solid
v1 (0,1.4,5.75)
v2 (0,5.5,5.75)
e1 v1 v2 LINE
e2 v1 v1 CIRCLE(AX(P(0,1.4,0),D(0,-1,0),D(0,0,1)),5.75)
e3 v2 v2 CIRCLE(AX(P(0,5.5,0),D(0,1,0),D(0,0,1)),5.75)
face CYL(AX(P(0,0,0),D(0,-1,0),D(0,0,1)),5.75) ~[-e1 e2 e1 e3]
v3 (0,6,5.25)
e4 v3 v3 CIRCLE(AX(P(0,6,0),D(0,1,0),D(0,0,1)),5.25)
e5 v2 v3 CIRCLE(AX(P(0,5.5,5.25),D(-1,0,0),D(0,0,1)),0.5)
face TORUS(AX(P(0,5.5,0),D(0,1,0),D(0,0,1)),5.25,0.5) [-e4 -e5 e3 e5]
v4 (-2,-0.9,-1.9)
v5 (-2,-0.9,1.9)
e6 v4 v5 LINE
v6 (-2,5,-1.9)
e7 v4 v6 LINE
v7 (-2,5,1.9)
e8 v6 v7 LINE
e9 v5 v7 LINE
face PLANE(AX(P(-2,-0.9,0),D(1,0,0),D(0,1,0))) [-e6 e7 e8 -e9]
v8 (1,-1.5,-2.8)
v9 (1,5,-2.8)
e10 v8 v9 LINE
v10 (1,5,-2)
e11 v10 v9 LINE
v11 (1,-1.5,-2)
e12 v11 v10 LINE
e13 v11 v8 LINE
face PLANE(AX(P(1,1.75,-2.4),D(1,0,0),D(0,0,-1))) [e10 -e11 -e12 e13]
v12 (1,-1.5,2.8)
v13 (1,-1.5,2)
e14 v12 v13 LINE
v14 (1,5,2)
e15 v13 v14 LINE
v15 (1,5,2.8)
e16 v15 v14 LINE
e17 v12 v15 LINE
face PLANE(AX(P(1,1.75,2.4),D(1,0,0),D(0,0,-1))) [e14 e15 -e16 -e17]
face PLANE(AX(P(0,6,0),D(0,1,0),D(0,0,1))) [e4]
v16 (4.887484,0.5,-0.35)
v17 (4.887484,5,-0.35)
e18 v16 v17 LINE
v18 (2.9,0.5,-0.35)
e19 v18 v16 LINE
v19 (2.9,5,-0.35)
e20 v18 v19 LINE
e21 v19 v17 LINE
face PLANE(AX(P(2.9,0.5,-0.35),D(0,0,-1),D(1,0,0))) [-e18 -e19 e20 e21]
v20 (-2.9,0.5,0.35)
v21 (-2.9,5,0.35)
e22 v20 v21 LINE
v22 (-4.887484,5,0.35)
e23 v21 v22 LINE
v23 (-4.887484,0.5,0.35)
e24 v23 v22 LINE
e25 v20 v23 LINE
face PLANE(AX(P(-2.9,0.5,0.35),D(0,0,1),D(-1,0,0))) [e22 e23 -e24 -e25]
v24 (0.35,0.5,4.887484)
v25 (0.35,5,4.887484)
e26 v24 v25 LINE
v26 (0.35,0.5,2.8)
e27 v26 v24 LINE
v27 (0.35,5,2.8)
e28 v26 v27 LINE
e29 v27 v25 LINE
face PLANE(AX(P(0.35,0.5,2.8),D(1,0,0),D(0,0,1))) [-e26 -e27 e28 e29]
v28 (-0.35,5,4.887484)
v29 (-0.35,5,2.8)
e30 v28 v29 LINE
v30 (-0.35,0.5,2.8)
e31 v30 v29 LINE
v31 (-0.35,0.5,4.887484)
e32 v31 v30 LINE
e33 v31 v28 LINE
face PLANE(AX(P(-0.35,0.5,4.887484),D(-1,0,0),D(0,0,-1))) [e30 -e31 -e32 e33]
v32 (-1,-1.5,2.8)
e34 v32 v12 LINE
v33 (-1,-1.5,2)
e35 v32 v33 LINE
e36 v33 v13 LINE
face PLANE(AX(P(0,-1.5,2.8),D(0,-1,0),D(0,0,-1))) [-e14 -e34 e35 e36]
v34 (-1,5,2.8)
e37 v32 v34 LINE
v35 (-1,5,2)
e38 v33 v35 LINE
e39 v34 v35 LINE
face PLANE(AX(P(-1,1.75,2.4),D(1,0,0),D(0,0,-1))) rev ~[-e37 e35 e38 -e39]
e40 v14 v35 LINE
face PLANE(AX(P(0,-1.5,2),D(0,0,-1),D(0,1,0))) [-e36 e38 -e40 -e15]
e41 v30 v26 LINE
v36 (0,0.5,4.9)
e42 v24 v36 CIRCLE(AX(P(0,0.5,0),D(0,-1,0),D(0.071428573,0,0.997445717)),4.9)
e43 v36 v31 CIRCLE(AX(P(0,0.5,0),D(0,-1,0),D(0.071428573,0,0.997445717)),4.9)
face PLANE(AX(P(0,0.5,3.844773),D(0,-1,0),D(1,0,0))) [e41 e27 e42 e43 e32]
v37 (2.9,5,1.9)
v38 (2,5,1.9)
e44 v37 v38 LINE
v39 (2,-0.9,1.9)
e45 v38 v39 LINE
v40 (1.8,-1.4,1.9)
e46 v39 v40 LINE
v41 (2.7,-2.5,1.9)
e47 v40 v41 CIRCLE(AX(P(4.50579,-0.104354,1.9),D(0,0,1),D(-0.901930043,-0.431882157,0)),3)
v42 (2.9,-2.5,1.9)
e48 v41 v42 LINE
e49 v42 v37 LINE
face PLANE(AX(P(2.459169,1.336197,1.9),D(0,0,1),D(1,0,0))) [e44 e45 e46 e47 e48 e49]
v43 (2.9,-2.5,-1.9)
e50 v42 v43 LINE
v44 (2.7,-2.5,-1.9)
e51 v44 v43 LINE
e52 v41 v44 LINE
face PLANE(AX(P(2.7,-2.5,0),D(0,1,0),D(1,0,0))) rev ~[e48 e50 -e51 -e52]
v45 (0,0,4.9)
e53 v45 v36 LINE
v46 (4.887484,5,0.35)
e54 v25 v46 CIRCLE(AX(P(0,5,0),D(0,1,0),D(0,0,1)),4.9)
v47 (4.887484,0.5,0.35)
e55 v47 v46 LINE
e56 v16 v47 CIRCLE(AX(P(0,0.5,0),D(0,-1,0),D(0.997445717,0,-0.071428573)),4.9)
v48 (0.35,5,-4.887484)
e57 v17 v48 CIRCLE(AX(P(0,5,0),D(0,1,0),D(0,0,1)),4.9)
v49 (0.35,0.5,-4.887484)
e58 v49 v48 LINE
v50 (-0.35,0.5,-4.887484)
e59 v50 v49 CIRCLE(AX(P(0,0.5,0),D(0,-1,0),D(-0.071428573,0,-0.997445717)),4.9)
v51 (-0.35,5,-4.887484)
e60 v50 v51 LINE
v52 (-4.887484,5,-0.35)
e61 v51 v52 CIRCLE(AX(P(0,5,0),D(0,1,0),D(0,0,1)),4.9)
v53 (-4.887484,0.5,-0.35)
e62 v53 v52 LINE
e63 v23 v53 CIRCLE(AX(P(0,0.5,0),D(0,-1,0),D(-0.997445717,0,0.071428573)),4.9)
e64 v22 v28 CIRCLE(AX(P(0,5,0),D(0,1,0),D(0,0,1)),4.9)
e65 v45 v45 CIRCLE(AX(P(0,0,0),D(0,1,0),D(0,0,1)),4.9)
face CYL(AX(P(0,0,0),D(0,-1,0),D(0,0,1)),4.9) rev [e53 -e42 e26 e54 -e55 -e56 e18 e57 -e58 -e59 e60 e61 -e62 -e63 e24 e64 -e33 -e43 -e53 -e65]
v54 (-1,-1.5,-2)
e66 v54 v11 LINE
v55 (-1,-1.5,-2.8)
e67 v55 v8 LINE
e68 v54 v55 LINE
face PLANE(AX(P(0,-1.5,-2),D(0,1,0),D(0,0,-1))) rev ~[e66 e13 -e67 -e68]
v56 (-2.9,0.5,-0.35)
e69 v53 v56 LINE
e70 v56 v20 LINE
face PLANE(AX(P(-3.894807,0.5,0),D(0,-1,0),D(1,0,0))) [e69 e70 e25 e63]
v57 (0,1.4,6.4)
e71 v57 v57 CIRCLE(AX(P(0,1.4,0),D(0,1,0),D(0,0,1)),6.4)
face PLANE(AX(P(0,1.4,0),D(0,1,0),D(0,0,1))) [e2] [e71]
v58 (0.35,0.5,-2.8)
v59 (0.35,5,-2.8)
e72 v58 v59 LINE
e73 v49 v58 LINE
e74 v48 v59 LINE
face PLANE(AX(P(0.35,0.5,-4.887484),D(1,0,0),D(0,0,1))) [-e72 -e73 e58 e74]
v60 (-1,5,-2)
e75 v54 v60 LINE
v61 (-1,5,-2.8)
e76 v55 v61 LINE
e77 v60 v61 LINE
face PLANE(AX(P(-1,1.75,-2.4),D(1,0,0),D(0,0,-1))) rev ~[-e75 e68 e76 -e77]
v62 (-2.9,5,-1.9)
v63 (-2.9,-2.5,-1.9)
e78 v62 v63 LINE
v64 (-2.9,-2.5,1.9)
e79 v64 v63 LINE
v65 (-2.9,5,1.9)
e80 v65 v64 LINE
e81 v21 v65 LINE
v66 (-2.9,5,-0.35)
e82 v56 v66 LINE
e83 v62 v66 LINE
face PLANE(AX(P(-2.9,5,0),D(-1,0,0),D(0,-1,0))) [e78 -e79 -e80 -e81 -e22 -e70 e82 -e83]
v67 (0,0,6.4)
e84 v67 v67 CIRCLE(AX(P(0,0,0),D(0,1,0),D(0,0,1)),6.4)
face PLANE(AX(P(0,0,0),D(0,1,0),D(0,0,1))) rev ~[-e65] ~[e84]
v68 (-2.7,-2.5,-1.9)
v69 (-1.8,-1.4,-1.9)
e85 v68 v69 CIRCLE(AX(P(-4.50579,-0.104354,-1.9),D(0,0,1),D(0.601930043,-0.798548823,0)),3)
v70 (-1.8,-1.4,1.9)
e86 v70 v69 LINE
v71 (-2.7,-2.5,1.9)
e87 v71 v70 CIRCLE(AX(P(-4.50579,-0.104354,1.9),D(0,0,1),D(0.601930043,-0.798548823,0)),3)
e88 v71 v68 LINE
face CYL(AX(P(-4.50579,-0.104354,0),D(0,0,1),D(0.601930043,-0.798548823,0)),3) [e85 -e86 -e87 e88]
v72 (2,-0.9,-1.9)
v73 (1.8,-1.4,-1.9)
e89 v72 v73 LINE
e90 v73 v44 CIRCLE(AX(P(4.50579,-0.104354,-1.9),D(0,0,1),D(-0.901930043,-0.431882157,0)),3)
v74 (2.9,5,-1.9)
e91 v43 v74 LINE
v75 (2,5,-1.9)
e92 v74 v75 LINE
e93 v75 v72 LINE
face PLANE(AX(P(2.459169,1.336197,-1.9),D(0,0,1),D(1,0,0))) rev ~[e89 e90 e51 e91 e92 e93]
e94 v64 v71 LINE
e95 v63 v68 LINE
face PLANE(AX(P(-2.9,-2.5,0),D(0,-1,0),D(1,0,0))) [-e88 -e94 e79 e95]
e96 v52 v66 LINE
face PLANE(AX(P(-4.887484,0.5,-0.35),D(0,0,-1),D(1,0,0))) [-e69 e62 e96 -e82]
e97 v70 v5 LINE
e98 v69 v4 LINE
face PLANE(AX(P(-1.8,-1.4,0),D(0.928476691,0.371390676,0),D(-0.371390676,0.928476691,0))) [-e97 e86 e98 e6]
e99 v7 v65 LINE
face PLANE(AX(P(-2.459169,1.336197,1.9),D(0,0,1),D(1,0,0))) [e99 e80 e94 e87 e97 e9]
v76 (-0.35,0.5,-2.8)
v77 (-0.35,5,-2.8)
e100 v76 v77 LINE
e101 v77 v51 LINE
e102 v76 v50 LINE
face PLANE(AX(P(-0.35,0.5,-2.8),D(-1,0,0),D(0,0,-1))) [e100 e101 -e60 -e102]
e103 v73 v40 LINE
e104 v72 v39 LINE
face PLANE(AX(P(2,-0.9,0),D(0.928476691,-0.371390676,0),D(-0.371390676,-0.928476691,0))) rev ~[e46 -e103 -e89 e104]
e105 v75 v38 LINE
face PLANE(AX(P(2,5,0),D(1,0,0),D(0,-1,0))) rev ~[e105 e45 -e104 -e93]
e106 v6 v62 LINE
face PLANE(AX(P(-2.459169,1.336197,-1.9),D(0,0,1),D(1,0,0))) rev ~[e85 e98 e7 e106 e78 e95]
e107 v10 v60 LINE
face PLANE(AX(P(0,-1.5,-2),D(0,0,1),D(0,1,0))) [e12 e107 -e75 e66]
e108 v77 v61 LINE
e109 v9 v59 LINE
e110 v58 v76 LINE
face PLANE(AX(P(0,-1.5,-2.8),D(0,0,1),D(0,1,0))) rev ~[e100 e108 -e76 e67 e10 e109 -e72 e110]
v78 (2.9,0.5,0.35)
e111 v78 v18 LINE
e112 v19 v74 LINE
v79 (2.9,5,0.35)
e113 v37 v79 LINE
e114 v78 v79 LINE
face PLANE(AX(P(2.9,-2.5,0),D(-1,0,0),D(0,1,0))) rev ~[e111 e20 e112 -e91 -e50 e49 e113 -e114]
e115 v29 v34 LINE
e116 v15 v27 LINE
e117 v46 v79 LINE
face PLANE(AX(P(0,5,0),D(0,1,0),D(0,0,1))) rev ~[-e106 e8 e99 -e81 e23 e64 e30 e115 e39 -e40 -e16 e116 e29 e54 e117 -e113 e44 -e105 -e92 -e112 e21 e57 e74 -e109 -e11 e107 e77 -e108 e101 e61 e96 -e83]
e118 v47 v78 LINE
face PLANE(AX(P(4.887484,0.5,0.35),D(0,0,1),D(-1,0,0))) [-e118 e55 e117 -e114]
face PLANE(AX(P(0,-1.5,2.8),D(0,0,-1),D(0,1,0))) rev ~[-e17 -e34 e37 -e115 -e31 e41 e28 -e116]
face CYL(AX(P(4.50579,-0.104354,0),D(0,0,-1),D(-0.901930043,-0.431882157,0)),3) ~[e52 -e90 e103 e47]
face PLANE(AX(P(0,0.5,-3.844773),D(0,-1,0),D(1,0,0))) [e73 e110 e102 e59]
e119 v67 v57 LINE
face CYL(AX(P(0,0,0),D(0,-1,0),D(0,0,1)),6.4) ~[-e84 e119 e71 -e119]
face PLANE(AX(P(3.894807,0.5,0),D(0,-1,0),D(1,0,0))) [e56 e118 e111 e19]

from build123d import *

# Parameters (mm, degrees)
SKETCH1_R           = 5.75
BOSS_EXTRUDE1_DEPTH = 6
SKETCH2_R           = 6.4
BOSS_EXTRUDE2_DEPTH = 1.4
SKETCH3_R           = 4.9
CUT_EXTRUDE1_DEPTH  = 5
SKETCH4_W           = 0.8
SKETCH4_H           = 6.5
BOSS_EXTRUDE3_DEPTH = 1
BOSS_EXTRUDE4_DEPTH = 1.9
BOSS_EXTRUDE5_START = 4.5
BOSS_EXTRUDE5_DEPTH = 4.5
FILLET1_R           = 0.5


with BuildPart() as part:
    # Sketch1 → Boss-Extrude1 (new body)
    with BuildSketch(Plane(origin=(0, 0, 0), x_dir=(1, 0, 0), z_dir=(0, 1, 0))):
        with Locations(Location((0, 0, 0), (0, 0, 270))):
            Circle(SKETCH1_R)
    extrude(amount=BOSS_EXTRUDE1_DEPTH)

    # Sketch2 → Boss-Extrude2 (add)
    with BuildSketch(Plane(origin=(0, 0, 0), x_dir=(1, 0, 0), z_dir=(0, 1, 0))):
        with Locations(Location((0, 0, 0), (0, 0, 270))):
            Circle(SKETCH2_R)
    extrude(amount=BOSS_EXTRUDE2_DEPTH)

    # Sketch3 → Cut-Extrude1 (cut)
    with BuildSketch(Plane(origin=(0, 0, 0), x_dir=(1, 0, 0), z_dir=(0, 1, 0))):
        with Locations(Location((0, 0, 0), (0, 0, 270))):
            Circle(SKETCH3_R)
    extrude(amount=CUT_EXTRUDE1_DEPTH, mode=Mode.SUBTRACT)

    # Sketch4 → Boss-Extrude3 (add, symmetric)
    with BuildSketch(Plane(origin=(0, 0, 0), x_dir=(0, 0, -1), z_dir=(1, 0, 0))):
        with Locations((2.4, 1.75)):
            Rectangle(SKETCH4_W, SKETCH4_H)
        with Locations((-2.4, 1.75)):
            Rectangle(SKETCH4_W, SKETCH4_H)
    extrude(amount=BOSS_EXTRUDE3_DEPTH, both=True)

    # Sketch5 → Boss-Extrude4 (add, symmetric)
    with BuildSketch(Plane.XY):
        with BuildLine():
            Line((2.9, 5), (2, 5))
            Line((2, 5), (2, -0.9))
            Line((2, -0.9), (1.8, -1.4))
            ThreePointArc((1.8, -1.4), (2.183918232, -2.004066901), (2.7, -2.5))
            Line((2.7, -2.5), (2.9, -2.5))
            Line((2.9, -2.5), (2.9, 5))
        make_face()
        with BuildLine():
            Line((-1.8, -1.4), (-2, -0.9))
            Line((-2, -0.9), (-2, 5))
            Line((-2, 5), (-2.9, 5))
            Line((-2.9, 5), (-2.9, -2.5))
            Line((-2.9, -2.5), (-2.7, -2.5))
            ThreePointArc((-2.7, -2.5), (-2.183918232, -2.004066901), (-1.8, -1.4))
        make_face()
    extrude(amount=BOSS_EXTRUDE4_DEPTH, both=True)

    # Sketch6 → Boss-Extrude5 (add)
    with BuildSketch(Plane.XZ.offset(-5).offset(BOSS_EXTRUDE5_START)):
        with BuildLine():
            Line((-2.9, 0.35), (-4.887484015, 0.35))
            ThreePointArc((-4.887484015, 0.35), (-4.9, 0), (-4.887484015, -0.35))
            Line((-4.887484015, -0.35), (-2.9, -0.35))
            Line((-2.9, -0.35), (-2.9, 0.35))
        make_face()
        with BuildLine():
            Line((0.35, 2.8), (0.35, 4.887484015))
            ThreePointArc((0.35, 4.887484015), (0, 4.9), (-0.35, 4.887484015))
            Line((-0.35, 4.887484015), (-0.35, 2.8))
            Line((-0.35, 2.8), (0.35, 2.8))
        make_face()
        with BuildLine():
            Line((2.9, -0.35), (4.887484015, -0.35))
            ThreePointArc((4.887484015, -0.35), (4.9, 0), (4.887484015, 0.35))
            Line((4.887484015, 0.35), (2.9, 0.35))
            Line((2.9, 0.35), (2.9, -0.35))
        make_face()
        with BuildLine():
            Line((-0.35, -2.8), (-0.35, -4.887484015))
            ThreePointArc((-0.35, -4.887484015), (0, -4.9), (0.35, -4.887484015))
            Line((0.35, -4.887484015), (0.35, -2.8))
            Line((0.35, -2.8), (-0.35, -2.8))
        make_face()
    extrude(amount=-BOSS_EXTRUDE5_DEPTH)

    # Fillet1
    fillet1_edges = [part.edges().sort_by_distance(p)[0] for p in [
        (0, 6, -5.75),
    ]]
    fillet(fillet1_edges, radius=FILLET1_R)


solid = part.part
